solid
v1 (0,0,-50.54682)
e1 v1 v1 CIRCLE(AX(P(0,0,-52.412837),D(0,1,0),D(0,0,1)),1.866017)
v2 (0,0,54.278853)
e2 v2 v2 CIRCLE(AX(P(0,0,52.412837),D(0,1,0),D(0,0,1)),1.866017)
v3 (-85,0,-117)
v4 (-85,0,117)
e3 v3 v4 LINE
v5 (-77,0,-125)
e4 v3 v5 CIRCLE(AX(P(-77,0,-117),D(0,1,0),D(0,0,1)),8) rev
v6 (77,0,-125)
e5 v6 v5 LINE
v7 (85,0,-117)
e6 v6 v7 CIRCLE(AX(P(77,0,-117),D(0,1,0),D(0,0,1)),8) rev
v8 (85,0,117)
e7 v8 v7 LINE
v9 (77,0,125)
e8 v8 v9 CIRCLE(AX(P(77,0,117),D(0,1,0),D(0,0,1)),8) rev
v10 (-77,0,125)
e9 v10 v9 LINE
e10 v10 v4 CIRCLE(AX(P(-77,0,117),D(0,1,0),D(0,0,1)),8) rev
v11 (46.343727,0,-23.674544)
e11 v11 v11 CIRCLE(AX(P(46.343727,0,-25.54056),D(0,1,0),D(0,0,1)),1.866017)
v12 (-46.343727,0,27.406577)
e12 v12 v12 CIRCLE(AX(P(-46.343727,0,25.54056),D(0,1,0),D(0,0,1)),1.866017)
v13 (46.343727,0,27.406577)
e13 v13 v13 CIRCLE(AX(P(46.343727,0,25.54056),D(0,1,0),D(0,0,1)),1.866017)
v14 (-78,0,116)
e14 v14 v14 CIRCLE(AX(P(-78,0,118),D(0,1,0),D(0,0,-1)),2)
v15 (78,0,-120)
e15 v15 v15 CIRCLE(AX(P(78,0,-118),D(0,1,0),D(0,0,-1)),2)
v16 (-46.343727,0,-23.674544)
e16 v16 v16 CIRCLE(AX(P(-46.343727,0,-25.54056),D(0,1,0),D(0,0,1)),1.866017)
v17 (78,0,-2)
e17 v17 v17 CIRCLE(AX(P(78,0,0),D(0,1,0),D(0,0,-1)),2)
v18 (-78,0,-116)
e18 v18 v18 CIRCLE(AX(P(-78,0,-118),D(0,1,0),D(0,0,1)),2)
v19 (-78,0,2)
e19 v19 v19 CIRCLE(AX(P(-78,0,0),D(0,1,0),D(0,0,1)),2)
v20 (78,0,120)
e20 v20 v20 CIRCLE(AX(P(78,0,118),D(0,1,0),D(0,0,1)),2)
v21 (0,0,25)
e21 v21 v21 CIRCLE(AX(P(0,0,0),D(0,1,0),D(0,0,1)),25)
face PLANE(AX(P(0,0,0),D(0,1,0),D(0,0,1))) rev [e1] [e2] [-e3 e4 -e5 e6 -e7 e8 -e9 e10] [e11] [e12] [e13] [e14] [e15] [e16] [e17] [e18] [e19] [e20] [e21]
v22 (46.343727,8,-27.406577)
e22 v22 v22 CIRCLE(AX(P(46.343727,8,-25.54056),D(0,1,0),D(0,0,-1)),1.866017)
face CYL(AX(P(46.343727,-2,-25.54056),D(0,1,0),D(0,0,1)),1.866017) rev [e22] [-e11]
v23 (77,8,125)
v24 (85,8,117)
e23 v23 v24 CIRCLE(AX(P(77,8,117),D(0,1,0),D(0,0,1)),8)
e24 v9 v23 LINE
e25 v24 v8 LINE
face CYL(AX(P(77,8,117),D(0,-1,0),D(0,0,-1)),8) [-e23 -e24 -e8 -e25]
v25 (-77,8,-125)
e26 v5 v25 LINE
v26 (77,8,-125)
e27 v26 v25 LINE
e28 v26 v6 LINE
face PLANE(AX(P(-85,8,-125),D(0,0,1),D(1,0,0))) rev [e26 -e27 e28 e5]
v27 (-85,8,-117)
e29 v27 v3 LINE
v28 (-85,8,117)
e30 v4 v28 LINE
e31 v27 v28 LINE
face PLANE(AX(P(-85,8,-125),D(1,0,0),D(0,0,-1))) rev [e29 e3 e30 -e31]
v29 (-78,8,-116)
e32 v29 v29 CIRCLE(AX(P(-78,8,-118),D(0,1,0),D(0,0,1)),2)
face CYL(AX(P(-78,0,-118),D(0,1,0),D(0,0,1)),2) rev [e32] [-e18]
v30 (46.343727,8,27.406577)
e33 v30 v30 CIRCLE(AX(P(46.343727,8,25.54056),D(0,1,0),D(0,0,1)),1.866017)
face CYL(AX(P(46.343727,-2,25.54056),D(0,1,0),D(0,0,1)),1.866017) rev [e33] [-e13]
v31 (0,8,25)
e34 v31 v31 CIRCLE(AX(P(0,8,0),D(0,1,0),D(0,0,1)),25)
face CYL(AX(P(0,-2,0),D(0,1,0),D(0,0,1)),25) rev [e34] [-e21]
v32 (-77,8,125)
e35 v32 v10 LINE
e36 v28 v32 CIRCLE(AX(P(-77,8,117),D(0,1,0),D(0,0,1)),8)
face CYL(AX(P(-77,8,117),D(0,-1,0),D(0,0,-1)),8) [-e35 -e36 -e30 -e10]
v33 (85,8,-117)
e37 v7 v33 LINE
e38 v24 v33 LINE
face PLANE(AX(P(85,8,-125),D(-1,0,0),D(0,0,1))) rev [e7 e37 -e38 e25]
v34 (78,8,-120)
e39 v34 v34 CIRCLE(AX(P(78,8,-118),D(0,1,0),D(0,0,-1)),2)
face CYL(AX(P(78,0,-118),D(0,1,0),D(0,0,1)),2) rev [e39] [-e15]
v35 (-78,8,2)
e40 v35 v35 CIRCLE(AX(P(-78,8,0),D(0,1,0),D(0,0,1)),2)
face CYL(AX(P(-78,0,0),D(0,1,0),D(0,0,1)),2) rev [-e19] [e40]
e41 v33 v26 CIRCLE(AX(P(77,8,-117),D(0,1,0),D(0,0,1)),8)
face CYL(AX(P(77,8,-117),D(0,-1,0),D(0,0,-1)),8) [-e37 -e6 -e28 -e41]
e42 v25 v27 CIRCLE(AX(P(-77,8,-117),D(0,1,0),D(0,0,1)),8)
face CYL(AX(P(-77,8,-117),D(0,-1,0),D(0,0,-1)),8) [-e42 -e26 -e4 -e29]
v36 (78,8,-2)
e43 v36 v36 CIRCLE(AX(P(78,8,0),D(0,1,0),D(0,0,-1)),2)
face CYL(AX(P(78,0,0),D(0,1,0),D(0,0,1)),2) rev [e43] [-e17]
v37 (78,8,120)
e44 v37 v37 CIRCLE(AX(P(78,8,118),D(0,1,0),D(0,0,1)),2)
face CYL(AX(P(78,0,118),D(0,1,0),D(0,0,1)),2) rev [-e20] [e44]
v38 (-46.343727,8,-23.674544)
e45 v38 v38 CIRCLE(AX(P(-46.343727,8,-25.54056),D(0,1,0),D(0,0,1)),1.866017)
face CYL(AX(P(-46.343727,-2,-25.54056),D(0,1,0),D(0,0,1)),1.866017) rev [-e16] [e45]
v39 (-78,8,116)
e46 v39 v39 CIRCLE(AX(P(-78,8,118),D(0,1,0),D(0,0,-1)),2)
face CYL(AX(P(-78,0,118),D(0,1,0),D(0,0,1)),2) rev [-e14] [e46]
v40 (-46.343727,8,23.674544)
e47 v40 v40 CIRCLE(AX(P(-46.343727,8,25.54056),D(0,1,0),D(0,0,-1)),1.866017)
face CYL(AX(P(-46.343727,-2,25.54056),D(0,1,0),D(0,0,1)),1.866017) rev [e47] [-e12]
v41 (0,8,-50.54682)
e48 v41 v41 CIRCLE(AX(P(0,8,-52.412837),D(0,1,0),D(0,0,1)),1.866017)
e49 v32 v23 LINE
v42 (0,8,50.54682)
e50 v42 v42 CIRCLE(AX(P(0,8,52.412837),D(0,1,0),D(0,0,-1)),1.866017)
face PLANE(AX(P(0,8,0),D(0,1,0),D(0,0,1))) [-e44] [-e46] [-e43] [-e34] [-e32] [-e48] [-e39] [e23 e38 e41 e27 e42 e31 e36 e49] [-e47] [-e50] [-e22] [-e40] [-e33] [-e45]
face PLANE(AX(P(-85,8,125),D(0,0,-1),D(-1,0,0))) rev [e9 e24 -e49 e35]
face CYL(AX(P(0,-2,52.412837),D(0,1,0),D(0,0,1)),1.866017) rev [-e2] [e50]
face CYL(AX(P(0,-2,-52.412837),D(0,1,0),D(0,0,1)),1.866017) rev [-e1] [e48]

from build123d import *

# Parameters (mm, degrees)
SKETCH1_W             = 170
SKETCH1_H             = 250
BOSS_EXTRUDE1_DEPTH   = 8
SKETCH3_R             = 2
CUT_EXTRUDE2_DEPTH    = 8
FILLET1_R             = 8
CROQUIS1_R            = 25
CROQUIS1_R_2          = 1.866016506
CORTAR_EXTRUIR3_DEPTH = 10


with BuildPart() as part:
    # Sketch1 → Boss-Extrude1 (new body)
    with BuildSketch(Plane(origin=(0, 0, 0), x_dir=(1, 0, 0), z_dir=(0, 1, 0))):
        Rectangle(SKETCH1_W, SKETCH1_H)
    extrude(amount=BOSS_EXTRUDE1_DEPTH)

    # Sketch3 → Cut-Extrude2 (cut)
    with BuildSketch(Plane(origin=(0, 8, 0), x_dir=(1, 0, 0), z_dir=(0, 1, 0))):
        with Locations(Location((-78, 118, 0), (0, 0, 270))):
            Circle(SKETCH3_R)
        with Locations(Location((78, 118, 0), (0, 0, 90))):
            Circle(SKETCH3_R)
        with Locations(Location((78, -118, 0), (0, 0, 270))):
            Circle(SKETCH3_R)
        with Locations(Location((-78, -118, 0), (0, 0, 90))):
            Circle(SKETCH3_R)
        with Locations(Location((-78, 0, 0), (0, 0, 270))):
            Circle(SKETCH3_R)
        with Locations(Location((78, 0, 0), (0, 0, 90))):
            Circle(SKETCH3_R)
    extrude(amount=-CUT_EXTRUDE2_DEPTH, mode=Mode.SUBTRACT)

    # Fillet1
    fillet1_edges = [part.edges().sort_by_distance(p)[0] for p in [
        (85, 4, 125),
        (-85, 4, 125),
        (-85, 4, -125),
        (85, 4, -125),
    ]]
    fillet(fillet1_edges, radius=FILLET1_R)

    # Croquis1 → Cortar-Extruir3 (cut)
    with BuildSketch(Plane(origin=(0, 8, 0), x_dir=(1, 0, 0), z_dir=(0, 1, 0))):
        with Locations(Location((0, 0, 0), (0, 0, 270))):
            Circle(CROQUIS1_R)
        with Locations(Location((0, 52.412836982, 0), (0, 0, 270))):
            Circle(CROQUIS1_R_2)
        with Locations(Location((-46.34372748, 25.540560465, 0), (0, 0, 270))):
            Circle(CROQUIS1_R_2)
        with Locations(Location((0, -52.412836982, 0), (0, 0, 270))):
            Circle(CROQUIS1_R_2)
        with Locations(Location((-46.34372748, -25.540560465, 0), (0, 0, 270))):
            Circle(CROQUIS1_R_2)
        with Locations(Location((46.34372748, 25.540560465, 0), (0, 0, 270))):
            Circle(CROQUIS1_R_2)
        with Locations(Location((46.34372748, -25.540560465, 0), (0, 0, 270))):
            Circle(CROQUIS1_R_2)
    extrude(amount=-CORTAR_EXTRUIR3_DEPTH, mode=Mode.SUBTRACT)


solid = part.part
